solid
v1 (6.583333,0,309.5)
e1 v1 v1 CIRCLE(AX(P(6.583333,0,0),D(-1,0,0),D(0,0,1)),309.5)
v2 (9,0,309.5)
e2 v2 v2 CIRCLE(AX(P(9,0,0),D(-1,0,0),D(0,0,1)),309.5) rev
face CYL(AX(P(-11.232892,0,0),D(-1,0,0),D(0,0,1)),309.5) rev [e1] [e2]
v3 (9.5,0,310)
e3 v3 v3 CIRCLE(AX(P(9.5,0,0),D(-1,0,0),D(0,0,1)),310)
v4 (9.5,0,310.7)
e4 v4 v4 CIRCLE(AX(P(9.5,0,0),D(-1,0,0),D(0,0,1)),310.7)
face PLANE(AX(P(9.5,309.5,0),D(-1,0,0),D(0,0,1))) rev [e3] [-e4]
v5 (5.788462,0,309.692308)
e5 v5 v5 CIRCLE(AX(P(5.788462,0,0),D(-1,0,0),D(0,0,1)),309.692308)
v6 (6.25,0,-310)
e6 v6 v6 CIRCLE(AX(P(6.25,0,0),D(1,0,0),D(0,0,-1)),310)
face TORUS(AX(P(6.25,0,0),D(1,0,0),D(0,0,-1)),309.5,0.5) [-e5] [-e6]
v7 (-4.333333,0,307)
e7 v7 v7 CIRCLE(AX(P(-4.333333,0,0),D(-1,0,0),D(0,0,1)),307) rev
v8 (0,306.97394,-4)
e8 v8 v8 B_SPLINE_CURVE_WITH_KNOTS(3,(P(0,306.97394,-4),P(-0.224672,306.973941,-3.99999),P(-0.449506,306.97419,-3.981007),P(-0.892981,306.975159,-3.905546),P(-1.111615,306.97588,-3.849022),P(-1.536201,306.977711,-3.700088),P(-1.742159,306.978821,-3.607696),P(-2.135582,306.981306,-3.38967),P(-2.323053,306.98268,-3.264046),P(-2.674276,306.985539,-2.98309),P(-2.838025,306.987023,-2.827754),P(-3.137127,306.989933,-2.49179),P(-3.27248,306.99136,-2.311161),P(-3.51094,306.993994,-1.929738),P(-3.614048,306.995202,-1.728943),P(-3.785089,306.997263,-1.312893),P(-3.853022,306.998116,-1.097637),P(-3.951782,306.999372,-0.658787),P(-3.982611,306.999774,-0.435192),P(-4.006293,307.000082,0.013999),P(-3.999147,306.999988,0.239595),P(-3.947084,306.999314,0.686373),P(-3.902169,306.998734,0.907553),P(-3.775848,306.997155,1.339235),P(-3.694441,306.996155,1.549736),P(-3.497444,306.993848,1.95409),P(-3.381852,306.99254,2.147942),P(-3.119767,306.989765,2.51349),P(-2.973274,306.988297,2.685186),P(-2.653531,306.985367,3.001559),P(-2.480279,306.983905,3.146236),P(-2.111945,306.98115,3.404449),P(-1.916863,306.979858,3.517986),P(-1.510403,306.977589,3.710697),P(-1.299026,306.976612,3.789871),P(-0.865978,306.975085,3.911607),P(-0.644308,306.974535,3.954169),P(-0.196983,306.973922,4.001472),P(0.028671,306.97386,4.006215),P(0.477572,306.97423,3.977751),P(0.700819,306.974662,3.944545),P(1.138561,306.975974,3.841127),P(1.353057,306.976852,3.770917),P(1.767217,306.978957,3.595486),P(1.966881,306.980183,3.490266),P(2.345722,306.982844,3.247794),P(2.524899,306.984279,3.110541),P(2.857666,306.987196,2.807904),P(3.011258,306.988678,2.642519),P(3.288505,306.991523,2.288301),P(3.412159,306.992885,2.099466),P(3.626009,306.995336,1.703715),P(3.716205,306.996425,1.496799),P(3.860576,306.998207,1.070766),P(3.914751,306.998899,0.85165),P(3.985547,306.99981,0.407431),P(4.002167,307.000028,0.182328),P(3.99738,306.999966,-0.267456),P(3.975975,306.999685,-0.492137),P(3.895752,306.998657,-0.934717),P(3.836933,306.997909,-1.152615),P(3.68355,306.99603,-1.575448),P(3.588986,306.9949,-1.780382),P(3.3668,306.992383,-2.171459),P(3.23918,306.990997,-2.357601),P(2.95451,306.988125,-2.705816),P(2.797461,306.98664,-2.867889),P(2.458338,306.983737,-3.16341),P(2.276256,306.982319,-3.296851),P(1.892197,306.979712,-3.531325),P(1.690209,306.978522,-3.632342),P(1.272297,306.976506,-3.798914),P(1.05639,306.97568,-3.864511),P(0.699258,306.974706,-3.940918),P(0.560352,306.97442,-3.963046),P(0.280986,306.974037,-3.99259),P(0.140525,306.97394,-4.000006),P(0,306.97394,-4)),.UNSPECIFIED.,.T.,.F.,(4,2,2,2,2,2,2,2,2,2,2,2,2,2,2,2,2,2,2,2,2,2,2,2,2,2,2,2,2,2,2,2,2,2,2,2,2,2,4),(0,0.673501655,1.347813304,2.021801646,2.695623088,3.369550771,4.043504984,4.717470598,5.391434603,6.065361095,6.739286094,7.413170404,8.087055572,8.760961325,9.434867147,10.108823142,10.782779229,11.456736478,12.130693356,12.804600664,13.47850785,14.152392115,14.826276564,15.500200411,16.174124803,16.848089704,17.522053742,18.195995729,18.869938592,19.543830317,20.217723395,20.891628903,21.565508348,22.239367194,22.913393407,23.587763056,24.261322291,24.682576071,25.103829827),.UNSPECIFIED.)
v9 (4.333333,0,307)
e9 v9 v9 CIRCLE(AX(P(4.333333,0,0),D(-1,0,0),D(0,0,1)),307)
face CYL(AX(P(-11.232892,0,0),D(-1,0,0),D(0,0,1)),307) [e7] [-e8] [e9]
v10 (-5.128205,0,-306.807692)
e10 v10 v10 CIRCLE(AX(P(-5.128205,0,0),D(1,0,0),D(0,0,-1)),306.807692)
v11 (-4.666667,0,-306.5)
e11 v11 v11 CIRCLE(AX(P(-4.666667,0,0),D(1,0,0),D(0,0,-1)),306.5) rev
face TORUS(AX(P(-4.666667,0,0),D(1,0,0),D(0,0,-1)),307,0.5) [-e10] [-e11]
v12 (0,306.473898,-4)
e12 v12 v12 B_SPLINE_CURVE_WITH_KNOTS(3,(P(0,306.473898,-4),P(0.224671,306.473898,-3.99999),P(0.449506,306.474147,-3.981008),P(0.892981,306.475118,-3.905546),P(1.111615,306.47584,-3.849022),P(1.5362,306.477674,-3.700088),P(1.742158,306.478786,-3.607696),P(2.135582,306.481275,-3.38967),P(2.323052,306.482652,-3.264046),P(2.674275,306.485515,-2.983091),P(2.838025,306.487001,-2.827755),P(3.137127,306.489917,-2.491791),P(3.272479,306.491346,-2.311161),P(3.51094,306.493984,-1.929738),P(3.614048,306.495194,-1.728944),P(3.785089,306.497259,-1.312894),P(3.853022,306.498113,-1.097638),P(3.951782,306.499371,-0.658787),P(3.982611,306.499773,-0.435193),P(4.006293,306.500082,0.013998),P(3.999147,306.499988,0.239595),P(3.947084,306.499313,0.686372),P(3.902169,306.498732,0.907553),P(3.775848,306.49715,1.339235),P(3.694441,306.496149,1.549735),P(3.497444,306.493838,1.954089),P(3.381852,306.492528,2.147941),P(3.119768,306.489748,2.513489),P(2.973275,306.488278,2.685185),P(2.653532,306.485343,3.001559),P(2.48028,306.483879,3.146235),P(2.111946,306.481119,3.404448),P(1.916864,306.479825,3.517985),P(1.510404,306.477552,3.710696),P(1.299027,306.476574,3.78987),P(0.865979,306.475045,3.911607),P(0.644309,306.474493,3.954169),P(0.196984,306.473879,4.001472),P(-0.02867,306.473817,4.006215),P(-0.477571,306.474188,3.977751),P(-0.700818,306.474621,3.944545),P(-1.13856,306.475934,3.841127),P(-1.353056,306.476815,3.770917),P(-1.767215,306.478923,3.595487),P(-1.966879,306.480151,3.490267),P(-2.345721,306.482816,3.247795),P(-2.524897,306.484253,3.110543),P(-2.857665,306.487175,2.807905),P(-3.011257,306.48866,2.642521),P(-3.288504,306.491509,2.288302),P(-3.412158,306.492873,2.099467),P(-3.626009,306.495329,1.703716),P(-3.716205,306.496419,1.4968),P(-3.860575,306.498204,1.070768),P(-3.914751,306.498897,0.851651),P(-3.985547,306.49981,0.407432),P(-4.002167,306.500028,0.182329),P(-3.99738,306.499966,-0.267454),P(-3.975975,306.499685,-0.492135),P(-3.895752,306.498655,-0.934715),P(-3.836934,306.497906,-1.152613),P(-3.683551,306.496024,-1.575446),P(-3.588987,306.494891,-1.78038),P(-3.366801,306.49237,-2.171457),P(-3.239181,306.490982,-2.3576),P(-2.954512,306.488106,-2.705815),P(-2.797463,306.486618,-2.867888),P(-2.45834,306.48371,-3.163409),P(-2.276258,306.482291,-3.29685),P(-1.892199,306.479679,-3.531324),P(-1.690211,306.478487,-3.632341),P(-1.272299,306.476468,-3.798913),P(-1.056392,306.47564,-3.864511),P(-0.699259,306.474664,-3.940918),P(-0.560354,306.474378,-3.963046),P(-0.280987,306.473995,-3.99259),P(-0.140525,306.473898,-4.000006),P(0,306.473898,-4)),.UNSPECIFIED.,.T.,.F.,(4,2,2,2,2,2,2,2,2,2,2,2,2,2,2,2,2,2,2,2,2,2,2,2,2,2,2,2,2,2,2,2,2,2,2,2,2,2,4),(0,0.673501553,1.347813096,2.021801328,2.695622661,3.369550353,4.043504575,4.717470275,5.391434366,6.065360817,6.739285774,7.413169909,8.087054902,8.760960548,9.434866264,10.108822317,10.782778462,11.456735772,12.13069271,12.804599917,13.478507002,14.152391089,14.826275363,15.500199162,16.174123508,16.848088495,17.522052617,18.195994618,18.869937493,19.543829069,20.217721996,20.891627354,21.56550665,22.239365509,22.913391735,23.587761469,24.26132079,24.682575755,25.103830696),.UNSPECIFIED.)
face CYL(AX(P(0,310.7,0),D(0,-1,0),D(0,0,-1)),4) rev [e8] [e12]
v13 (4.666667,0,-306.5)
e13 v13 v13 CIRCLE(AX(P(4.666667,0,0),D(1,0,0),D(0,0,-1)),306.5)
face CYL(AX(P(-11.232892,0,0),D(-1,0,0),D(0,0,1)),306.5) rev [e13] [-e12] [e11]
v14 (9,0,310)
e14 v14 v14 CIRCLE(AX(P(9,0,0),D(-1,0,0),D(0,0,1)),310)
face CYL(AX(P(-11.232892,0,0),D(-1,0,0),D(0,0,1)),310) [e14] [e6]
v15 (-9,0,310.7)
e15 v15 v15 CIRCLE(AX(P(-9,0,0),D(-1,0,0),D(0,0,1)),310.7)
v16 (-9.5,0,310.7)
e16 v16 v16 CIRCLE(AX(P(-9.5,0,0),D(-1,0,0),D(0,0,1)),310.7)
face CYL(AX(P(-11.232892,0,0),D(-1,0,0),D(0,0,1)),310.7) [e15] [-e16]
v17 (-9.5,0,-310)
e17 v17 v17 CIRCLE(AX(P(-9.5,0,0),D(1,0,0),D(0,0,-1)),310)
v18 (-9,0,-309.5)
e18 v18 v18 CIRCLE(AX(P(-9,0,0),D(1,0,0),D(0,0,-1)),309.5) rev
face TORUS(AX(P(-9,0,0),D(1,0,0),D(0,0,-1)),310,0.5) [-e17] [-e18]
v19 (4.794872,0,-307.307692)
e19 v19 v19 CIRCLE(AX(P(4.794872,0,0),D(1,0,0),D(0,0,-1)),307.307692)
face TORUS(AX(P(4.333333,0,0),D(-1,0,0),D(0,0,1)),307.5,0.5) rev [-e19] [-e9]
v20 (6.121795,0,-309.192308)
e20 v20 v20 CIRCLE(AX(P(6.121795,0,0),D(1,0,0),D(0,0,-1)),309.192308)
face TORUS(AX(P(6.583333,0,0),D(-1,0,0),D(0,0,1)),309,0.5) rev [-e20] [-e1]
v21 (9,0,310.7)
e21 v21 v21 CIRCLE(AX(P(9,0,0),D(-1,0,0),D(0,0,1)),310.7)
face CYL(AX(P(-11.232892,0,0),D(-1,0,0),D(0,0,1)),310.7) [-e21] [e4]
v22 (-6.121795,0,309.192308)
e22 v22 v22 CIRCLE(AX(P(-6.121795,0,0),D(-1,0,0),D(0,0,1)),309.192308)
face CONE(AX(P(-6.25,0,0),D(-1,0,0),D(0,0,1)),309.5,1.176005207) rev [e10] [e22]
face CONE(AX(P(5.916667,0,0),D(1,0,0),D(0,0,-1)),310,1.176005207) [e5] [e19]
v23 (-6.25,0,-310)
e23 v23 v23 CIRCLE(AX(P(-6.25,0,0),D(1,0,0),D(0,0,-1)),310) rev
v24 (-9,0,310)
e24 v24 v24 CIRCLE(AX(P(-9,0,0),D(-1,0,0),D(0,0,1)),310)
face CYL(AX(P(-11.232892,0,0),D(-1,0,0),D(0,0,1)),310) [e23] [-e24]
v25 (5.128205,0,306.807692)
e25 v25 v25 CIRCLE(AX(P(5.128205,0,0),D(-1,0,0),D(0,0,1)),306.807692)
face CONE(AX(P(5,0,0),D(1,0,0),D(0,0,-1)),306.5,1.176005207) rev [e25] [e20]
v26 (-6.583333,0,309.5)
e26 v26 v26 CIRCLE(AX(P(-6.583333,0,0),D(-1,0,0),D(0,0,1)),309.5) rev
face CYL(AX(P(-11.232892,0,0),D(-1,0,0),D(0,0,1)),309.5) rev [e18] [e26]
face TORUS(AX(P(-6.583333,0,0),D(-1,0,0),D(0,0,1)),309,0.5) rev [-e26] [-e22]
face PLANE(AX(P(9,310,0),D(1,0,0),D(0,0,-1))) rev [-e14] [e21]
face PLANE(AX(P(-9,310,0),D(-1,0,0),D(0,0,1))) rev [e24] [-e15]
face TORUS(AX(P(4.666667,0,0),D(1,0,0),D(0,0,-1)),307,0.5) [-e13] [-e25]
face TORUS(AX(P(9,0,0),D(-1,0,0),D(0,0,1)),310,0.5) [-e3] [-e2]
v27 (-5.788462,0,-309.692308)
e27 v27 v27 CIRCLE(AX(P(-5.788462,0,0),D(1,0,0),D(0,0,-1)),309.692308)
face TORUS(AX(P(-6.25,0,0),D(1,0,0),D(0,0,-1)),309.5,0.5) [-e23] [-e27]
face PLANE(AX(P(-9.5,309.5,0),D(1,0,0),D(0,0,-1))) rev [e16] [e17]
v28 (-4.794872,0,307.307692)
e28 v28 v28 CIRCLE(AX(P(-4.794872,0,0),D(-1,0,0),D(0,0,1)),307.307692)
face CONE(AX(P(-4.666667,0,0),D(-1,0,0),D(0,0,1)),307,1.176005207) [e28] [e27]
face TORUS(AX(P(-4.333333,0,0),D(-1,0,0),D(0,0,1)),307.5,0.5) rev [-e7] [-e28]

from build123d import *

# Parameters (mm, degrees)
CONG_1_R                = 0.5
ESQUISSE2_R             = 4
ENL_V_MAT_EXTRU_1_DEPTH = 311.7


with BuildPart() as part:
    # Esquisse1 → Révolution1 (revolve)
    with BuildSketch(Plane.XY, mode=Mode.PRIVATE) as r_volution1_sk:
        Polygon((-9.5, 309.5), (-6.25, 309.5), (-5, 306.5), (5, 306.5), (6.25, 309.5), (9.5, 309.5), (9.5, 310.7), (9, 310.7), (9, 310), (5.916666667, 310), (4.666666667, 307), (-4.666666667, 307), (-5.916666667, 310), (-9, 310), (-9, 310.7), (-9.5, 310.7), align=None)
    revolve(r_volution1_sk.sketch.rotate(Axis((-11.232892416, 0, 0), (1, 0, 0)), 90), axis=Axis((-11.232892416, 0, 0), (1, 0, 0)))  # turned: the seam where the file's is

    # Congé1
    cong_1_edges = [part.edges().sort_by_distance(p)[0] for p in [
        (-5.916666667, 0, -310),
        (-4.666666667, 0, -307),
        (4.666666667, 0, -307),
        (5.916666667, 0, -310),
        (9.5, 0, -309.5),
        (6.25, 0, -309.5),
        (5, 0, -306.5),
        (-5, 0, -306.5),
        (-6.25, 0, -309.5),
        (-9.5, 0, -309.5),
    ]]
    fillet(cong_1_edges, radius=CONG_1_R)

    # Esquisse2 → Enlèv. mat.-Extru.1 (cut, through all)
    with BuildSketch(Plane(origin=(0, 0, 0), x_dir=(1, 0, 0), z_dir=(0, 1, 0))):
        with Locations(Location((0, 0, 0), (0, 0, 90))):  # turned: the seam where the file's is
            Circle(ESQUISSE2_R)
    extrude(amount=ENL_V_MAT_EXTRU_1_DEPTH, mode=Mode.SUBTRACT)


solid = part.part
